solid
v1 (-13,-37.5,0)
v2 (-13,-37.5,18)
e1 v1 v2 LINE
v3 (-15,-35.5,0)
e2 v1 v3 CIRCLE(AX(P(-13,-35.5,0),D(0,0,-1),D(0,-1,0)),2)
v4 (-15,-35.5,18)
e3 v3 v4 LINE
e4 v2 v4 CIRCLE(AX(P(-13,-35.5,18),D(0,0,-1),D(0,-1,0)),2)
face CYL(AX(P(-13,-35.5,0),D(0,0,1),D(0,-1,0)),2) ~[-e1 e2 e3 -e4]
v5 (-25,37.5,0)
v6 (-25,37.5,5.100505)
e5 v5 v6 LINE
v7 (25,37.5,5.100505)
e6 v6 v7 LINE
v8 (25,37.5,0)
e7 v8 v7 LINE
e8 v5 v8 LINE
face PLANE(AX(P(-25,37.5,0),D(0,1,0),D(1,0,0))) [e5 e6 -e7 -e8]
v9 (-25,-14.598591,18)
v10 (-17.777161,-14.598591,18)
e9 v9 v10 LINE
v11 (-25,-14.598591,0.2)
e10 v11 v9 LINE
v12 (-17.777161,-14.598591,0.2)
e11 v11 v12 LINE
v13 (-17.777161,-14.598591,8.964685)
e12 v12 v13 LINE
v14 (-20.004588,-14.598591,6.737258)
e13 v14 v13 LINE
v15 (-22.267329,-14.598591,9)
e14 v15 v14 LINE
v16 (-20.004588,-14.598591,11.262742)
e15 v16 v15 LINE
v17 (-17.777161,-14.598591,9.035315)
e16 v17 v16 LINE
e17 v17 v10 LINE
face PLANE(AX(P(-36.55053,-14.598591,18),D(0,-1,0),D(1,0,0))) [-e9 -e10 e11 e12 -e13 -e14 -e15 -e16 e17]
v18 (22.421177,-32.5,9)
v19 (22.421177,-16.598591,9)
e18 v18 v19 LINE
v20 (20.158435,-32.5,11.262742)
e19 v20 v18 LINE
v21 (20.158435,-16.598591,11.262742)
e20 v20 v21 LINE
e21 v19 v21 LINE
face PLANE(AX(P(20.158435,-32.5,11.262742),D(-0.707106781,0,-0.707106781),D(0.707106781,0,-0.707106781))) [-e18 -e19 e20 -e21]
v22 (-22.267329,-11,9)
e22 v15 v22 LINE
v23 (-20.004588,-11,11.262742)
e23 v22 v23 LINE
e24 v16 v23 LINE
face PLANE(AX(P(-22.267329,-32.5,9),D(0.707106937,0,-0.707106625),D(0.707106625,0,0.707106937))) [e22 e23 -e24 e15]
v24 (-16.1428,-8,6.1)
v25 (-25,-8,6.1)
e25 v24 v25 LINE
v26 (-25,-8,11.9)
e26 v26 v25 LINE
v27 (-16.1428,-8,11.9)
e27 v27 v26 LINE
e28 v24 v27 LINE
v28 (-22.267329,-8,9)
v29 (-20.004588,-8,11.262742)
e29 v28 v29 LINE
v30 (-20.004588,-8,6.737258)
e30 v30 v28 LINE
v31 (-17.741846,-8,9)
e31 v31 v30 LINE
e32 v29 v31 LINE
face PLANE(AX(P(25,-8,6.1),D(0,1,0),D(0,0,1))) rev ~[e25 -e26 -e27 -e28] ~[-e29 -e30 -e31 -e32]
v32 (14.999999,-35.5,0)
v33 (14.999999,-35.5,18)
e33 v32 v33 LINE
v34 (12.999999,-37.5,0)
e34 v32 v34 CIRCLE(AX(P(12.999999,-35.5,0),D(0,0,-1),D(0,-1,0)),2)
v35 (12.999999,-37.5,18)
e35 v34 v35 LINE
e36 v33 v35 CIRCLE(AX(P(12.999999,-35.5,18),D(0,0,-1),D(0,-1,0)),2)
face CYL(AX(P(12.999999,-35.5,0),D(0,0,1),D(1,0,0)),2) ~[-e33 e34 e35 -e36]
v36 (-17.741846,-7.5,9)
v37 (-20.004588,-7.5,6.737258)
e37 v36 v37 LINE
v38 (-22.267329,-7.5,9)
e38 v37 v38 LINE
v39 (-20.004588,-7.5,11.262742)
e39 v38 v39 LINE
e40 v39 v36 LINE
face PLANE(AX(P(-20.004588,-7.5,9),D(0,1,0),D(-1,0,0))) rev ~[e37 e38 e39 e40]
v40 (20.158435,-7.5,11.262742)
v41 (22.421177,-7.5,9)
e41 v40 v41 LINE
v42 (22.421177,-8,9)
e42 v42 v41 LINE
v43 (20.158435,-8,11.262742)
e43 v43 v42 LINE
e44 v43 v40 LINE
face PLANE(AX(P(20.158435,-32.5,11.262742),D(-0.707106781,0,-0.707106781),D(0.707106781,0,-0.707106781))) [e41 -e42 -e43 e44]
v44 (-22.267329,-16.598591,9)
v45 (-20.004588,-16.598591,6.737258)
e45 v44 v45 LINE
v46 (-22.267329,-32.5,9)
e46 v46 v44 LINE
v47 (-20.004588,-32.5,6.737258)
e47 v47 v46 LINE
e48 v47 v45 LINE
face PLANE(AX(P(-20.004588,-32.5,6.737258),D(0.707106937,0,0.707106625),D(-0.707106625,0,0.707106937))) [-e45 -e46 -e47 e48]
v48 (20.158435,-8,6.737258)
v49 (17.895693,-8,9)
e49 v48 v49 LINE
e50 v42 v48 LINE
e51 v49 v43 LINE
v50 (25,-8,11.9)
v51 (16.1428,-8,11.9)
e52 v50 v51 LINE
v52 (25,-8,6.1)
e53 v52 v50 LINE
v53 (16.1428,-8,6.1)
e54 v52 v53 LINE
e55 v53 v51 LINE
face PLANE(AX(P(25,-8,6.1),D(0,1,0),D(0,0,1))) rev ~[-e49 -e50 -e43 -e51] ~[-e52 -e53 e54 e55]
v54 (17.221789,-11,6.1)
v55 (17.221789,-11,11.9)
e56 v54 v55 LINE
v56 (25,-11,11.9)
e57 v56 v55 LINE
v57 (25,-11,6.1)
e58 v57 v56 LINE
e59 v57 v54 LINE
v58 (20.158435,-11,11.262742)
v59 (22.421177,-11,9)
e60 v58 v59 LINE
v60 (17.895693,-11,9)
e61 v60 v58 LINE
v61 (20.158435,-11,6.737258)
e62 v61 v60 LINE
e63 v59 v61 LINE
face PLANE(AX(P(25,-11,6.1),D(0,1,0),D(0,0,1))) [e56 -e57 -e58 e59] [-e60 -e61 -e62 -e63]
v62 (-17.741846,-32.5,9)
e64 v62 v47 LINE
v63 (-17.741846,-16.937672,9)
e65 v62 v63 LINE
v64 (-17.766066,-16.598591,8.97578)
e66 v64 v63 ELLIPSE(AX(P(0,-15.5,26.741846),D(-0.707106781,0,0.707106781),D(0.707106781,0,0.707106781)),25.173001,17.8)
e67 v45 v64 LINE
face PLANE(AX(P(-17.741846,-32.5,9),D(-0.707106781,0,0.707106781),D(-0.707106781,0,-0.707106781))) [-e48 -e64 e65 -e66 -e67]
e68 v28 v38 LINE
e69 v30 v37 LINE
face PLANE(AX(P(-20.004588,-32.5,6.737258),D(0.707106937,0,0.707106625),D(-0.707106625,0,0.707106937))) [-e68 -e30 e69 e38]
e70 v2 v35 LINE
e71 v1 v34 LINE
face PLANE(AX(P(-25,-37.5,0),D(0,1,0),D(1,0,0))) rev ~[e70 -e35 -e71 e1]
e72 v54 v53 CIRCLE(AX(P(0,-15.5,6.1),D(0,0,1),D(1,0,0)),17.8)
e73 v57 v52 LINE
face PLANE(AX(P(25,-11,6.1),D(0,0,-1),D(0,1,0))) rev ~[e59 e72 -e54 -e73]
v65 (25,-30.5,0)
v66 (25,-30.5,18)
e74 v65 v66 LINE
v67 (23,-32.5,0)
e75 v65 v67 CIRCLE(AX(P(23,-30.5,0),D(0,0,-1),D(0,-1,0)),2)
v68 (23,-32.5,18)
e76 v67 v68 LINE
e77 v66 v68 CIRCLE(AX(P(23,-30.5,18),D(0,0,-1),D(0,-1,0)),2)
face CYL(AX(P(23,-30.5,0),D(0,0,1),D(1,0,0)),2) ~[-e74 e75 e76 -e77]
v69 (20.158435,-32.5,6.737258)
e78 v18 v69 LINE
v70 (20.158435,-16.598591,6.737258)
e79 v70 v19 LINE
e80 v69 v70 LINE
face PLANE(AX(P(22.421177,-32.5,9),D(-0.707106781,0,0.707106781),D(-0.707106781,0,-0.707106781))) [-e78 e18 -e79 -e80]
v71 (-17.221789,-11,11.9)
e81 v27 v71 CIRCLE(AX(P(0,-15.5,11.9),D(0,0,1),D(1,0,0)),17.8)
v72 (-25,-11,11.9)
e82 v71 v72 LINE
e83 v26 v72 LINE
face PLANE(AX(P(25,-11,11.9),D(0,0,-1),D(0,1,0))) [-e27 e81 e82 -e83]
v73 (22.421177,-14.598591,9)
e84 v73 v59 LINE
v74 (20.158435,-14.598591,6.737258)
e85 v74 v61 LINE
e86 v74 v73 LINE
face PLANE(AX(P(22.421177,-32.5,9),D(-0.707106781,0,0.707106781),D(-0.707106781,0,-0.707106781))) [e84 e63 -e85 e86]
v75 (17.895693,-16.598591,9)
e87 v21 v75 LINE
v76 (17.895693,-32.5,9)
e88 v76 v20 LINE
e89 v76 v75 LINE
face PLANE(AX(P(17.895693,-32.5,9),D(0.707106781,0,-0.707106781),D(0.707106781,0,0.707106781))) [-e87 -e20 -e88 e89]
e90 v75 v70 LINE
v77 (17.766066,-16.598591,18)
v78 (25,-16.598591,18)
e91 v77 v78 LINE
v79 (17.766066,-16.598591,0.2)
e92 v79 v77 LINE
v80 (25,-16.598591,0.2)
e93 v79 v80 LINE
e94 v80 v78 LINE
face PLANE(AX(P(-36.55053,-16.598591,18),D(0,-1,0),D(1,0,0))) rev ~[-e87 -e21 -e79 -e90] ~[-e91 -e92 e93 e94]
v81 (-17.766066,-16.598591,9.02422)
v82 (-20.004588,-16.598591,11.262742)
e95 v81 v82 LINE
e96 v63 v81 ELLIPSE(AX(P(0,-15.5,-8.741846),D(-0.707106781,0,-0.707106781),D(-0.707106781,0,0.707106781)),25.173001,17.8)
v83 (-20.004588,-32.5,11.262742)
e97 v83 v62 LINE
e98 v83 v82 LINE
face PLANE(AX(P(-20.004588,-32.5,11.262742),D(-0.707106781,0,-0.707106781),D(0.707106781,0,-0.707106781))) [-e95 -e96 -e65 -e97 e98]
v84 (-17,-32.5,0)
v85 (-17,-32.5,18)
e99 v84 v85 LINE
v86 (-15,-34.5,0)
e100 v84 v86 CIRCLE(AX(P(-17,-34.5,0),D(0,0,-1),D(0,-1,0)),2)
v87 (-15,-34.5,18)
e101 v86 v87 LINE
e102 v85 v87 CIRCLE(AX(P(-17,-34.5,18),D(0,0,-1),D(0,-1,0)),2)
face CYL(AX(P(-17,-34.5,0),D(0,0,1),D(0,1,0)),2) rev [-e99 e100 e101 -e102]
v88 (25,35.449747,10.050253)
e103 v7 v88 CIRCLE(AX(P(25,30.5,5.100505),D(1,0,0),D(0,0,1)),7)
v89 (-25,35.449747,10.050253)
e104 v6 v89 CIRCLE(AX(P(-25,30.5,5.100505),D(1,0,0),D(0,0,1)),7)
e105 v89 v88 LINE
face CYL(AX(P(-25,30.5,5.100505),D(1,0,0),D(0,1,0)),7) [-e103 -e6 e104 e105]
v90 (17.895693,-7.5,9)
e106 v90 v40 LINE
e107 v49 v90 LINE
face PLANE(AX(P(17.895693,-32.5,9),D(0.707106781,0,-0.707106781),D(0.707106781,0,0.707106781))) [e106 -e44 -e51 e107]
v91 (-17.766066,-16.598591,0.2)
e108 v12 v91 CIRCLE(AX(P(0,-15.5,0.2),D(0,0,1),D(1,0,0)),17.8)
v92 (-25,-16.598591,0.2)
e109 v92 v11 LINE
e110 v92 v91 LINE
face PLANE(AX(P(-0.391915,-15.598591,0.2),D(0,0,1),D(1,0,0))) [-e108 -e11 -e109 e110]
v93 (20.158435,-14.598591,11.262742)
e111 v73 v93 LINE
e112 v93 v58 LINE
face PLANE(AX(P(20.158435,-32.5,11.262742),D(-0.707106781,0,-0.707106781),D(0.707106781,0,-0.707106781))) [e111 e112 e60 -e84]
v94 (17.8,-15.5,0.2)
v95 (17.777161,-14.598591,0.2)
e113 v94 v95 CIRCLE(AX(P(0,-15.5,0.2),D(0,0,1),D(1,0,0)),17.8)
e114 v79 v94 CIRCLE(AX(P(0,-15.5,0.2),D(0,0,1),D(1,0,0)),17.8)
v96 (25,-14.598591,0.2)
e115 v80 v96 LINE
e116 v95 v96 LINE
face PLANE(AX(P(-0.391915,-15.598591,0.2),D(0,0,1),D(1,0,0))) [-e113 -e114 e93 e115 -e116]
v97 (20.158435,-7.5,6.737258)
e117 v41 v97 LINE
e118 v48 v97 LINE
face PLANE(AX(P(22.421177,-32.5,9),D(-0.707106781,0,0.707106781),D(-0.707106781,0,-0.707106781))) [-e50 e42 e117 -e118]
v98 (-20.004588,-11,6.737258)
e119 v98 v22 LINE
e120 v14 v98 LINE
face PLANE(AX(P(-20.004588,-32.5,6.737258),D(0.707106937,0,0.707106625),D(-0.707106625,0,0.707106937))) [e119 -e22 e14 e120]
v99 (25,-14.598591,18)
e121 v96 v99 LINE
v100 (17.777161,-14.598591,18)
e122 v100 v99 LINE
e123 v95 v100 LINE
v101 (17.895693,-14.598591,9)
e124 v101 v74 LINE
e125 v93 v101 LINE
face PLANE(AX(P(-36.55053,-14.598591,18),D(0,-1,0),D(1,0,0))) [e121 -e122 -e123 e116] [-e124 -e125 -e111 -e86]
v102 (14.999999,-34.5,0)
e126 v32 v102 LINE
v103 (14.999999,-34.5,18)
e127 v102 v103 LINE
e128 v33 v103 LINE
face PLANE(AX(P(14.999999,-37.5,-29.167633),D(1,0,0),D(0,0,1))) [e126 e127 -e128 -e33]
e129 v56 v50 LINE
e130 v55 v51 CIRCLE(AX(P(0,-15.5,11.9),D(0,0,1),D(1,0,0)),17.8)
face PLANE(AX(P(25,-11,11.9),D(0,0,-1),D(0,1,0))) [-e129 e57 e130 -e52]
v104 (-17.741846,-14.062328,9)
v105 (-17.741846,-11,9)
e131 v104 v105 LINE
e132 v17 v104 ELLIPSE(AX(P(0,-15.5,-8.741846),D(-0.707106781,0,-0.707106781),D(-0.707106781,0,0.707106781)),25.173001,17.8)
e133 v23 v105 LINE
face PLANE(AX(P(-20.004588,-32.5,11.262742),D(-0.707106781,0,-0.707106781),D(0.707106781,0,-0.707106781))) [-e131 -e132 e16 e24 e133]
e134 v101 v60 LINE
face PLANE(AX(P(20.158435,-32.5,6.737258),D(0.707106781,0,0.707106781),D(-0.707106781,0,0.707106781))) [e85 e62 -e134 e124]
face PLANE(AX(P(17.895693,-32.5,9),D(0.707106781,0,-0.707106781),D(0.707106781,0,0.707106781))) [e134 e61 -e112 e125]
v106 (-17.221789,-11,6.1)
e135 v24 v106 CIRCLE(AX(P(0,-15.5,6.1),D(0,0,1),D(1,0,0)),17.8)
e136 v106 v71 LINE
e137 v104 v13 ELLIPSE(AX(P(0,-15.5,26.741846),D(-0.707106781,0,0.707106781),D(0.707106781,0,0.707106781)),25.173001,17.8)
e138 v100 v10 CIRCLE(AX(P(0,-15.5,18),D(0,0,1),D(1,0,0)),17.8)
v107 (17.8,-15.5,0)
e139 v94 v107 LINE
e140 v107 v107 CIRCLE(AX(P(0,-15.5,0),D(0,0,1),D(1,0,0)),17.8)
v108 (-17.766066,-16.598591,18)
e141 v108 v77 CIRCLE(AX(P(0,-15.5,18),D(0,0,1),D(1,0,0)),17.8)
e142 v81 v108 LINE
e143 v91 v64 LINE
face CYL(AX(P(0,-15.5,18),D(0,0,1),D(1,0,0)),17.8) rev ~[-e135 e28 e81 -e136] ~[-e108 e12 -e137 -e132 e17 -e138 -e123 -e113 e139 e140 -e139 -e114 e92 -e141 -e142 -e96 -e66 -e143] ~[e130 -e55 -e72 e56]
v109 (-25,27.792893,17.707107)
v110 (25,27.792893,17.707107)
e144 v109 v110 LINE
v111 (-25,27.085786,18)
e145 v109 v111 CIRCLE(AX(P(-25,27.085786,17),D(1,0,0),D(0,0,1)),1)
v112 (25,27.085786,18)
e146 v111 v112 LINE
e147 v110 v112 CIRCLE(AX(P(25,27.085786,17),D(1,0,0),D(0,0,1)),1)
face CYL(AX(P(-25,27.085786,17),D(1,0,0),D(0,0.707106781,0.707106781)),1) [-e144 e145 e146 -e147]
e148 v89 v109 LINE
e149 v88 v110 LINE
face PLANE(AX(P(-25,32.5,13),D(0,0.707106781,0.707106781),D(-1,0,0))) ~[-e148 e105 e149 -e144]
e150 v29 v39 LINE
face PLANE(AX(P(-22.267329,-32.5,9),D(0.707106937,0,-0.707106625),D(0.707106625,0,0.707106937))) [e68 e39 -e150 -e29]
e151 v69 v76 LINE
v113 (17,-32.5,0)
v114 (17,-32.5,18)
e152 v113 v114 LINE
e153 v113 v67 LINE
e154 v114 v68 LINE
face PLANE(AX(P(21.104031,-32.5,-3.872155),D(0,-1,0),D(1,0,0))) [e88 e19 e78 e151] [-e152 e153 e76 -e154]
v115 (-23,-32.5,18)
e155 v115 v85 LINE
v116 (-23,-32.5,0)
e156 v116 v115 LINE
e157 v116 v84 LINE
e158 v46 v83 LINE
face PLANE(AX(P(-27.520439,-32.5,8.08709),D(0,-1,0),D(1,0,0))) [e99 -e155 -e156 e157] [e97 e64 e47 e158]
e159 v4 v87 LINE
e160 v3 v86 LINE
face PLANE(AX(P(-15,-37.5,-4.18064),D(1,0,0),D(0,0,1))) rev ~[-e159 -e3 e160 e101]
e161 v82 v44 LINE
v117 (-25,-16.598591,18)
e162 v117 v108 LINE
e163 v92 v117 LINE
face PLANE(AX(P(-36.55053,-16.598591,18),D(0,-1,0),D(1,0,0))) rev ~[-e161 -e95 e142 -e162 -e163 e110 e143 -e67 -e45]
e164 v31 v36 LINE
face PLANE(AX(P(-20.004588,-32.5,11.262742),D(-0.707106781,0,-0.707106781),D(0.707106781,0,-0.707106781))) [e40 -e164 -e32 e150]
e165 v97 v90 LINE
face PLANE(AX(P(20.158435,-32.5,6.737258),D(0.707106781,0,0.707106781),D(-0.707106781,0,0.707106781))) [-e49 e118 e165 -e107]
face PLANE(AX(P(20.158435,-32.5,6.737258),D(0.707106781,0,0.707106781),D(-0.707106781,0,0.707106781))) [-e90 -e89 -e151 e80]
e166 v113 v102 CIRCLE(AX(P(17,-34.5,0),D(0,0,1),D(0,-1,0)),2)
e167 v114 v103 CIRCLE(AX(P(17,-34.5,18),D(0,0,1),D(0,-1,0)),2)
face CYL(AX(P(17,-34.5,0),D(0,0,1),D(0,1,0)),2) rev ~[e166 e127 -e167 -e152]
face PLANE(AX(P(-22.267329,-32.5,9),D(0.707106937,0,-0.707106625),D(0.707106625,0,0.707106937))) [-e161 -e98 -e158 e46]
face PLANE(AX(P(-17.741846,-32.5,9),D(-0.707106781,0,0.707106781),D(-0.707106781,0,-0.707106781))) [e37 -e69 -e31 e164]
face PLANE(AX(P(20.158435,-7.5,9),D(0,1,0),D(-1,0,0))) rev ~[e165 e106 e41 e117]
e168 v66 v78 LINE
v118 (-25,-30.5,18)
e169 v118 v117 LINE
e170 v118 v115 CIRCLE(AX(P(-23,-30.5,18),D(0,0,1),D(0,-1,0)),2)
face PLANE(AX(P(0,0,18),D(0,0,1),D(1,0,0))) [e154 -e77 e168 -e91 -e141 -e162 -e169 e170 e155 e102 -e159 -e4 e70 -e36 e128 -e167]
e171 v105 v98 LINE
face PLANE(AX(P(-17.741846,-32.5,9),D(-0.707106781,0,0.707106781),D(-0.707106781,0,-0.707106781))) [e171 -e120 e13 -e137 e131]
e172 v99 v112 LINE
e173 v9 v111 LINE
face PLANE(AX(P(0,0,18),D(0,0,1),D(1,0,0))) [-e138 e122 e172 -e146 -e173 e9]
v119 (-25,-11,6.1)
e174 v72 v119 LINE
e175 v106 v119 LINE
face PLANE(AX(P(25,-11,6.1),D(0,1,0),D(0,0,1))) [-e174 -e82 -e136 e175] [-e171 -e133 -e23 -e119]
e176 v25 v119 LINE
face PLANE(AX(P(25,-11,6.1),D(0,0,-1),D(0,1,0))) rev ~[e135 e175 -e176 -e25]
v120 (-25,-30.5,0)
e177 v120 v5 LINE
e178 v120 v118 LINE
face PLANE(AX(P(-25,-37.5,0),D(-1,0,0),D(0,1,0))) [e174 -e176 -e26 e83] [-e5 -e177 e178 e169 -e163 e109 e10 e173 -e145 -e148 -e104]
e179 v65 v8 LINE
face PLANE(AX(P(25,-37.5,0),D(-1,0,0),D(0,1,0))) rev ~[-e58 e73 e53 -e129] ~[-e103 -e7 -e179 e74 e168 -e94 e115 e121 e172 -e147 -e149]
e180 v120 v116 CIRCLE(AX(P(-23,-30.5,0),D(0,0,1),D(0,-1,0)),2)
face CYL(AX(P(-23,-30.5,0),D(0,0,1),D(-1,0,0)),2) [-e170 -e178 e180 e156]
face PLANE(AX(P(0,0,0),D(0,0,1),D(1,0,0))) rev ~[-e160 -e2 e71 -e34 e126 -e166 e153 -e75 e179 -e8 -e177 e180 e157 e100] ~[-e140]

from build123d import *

# Parameters (mm, degrees)
SKETCH_W        = 50
SKETCH_H        = 75
PAD_DEPTH       = 18
SKETCH001_R     = 17.8
POCKET_DEPTH    = 18.001
SKETCH005_W     = 25.040878
SKETCH005_H     = 24.535461
SKETCH005_W_2   = 12.208063
SKETCH005_H_2   = 50.590956
POCKET001_DEPTH = 5
POCKET002_DEPTH = 25
SKETCH003_W     = 3
SKETCH003_H     = 5.8
POCKET003_DEPTH = 50.001
SKETCH004_W     = 72.31723
SKETCH004_H     = 2
POCKET004_DEPTH = 17.8
CHAMFER_SIZE    = 10
FILLET_R        = 7
FILLET001_R     = 1
FILLET002_R     = 2


with BuildPart() as part:
    # Sketch → Pad (new body)
    with BuildSketch(Plane.XY):
        Rectangle(SKETCH_W, SKETCH_H)
    extrude(amount=PAD_DEPTH)

    # Sketch001 → Pocket (cut, through all)
    with BuildSketch(Plane.XY.offset(18)):
        with Locations((0, -15.5)):
            Circle(SKETCH001_R)
    extrude(amount=-POCKET_DEPTH, mode=Mode.SUBTRACT)

    # Sketch005 → Pocket001 (cut)
    with BuildSketch(Plane.XZ.offset(37.5)):
        with Locations((-27.520439, 8.08709)):
            Rectangle(SKETCH005_W, SKETCH005_H)
        with Locations((21.104031, -3.872155)):
            Rectangle(SKETCH005_W_2, SKETCH005_H_2)
    extrude(amount=-POCKET001_DEPTH, mode=Mode.SUBTRACT)

    # Sketch002 → Pocket002 (cut)
    with BuildSketch(Plane.XZ.offset(32.5)):
        Polygon((-22.267329, 9), (-20.004588, 11.262742), (-17.741846, 9), (-20.004588, 6.737258), align=None)
        Polygon((17.895693, 9), (20.158435, 11.262742), (22.421177, 9), (20.158435, 6.737258), align=None)
    extrude(amount=-POCKET002_DEPTH, mode=Mode.SUBTRACT)

    # Sketch003 → Pocket003 (cut, through all)
    with BuildSketch(Plane.YZ.offset(25)):
        with Locations((-9.5, 9)):
            Rectangle(SKETCH003_W, SKETCH003_H)
    extrude(amount=-POCKET003_DEPTH, mode=Mode.SUBTRACT)

    # Sketch004 → Pocket004 (cut)
    with BuildSketch(Plane.XY.offset(18)):
        with Locations((-0.391915, -15.598591)):
            Rectangle(SKETCH004_W, SKETCH004_H)
    extrude(amount=-POCKET004_DEPTH, mode=Mode.SUBTRACT)

    # Chamfer
    chamfer_edges = [part.edges().sort_by_distance(p)[0] for p in [
        (0, 37.5, 18),
    ]]
    chamfer(chamfer_edges, length=CHAMFER_SIZE)

    # Fillet
    fillet_edges = [part.edges().sort_by_distance(p)[0] for p in [
        (0, 37.5, 8),
    ]]
    fillet(fillet_edges, radius=FILLET_R)

    # Fillet001
    fillet001_edges = [part.edges().sort_by_distance(p)[0] for p in [
        (0, 27.5, 18),
    ]]
    fillet(fillet001_edges, radius=FILLET001_R)

    # Fillet002
    fillet002_edges = [part.edges().sort_by_distance(p)[0] for p in [
        (15, -32.5, 9),
        (25, -32.5, 9),
        (15, -37.5, 9),
        (-15, -32.5, 9),
        (-15, -37.5, 9),
        (-25, -32.5, 9),
    ]]
    fillet(fillet002_edges, radius=FILLET002_R)


solid = part.part
